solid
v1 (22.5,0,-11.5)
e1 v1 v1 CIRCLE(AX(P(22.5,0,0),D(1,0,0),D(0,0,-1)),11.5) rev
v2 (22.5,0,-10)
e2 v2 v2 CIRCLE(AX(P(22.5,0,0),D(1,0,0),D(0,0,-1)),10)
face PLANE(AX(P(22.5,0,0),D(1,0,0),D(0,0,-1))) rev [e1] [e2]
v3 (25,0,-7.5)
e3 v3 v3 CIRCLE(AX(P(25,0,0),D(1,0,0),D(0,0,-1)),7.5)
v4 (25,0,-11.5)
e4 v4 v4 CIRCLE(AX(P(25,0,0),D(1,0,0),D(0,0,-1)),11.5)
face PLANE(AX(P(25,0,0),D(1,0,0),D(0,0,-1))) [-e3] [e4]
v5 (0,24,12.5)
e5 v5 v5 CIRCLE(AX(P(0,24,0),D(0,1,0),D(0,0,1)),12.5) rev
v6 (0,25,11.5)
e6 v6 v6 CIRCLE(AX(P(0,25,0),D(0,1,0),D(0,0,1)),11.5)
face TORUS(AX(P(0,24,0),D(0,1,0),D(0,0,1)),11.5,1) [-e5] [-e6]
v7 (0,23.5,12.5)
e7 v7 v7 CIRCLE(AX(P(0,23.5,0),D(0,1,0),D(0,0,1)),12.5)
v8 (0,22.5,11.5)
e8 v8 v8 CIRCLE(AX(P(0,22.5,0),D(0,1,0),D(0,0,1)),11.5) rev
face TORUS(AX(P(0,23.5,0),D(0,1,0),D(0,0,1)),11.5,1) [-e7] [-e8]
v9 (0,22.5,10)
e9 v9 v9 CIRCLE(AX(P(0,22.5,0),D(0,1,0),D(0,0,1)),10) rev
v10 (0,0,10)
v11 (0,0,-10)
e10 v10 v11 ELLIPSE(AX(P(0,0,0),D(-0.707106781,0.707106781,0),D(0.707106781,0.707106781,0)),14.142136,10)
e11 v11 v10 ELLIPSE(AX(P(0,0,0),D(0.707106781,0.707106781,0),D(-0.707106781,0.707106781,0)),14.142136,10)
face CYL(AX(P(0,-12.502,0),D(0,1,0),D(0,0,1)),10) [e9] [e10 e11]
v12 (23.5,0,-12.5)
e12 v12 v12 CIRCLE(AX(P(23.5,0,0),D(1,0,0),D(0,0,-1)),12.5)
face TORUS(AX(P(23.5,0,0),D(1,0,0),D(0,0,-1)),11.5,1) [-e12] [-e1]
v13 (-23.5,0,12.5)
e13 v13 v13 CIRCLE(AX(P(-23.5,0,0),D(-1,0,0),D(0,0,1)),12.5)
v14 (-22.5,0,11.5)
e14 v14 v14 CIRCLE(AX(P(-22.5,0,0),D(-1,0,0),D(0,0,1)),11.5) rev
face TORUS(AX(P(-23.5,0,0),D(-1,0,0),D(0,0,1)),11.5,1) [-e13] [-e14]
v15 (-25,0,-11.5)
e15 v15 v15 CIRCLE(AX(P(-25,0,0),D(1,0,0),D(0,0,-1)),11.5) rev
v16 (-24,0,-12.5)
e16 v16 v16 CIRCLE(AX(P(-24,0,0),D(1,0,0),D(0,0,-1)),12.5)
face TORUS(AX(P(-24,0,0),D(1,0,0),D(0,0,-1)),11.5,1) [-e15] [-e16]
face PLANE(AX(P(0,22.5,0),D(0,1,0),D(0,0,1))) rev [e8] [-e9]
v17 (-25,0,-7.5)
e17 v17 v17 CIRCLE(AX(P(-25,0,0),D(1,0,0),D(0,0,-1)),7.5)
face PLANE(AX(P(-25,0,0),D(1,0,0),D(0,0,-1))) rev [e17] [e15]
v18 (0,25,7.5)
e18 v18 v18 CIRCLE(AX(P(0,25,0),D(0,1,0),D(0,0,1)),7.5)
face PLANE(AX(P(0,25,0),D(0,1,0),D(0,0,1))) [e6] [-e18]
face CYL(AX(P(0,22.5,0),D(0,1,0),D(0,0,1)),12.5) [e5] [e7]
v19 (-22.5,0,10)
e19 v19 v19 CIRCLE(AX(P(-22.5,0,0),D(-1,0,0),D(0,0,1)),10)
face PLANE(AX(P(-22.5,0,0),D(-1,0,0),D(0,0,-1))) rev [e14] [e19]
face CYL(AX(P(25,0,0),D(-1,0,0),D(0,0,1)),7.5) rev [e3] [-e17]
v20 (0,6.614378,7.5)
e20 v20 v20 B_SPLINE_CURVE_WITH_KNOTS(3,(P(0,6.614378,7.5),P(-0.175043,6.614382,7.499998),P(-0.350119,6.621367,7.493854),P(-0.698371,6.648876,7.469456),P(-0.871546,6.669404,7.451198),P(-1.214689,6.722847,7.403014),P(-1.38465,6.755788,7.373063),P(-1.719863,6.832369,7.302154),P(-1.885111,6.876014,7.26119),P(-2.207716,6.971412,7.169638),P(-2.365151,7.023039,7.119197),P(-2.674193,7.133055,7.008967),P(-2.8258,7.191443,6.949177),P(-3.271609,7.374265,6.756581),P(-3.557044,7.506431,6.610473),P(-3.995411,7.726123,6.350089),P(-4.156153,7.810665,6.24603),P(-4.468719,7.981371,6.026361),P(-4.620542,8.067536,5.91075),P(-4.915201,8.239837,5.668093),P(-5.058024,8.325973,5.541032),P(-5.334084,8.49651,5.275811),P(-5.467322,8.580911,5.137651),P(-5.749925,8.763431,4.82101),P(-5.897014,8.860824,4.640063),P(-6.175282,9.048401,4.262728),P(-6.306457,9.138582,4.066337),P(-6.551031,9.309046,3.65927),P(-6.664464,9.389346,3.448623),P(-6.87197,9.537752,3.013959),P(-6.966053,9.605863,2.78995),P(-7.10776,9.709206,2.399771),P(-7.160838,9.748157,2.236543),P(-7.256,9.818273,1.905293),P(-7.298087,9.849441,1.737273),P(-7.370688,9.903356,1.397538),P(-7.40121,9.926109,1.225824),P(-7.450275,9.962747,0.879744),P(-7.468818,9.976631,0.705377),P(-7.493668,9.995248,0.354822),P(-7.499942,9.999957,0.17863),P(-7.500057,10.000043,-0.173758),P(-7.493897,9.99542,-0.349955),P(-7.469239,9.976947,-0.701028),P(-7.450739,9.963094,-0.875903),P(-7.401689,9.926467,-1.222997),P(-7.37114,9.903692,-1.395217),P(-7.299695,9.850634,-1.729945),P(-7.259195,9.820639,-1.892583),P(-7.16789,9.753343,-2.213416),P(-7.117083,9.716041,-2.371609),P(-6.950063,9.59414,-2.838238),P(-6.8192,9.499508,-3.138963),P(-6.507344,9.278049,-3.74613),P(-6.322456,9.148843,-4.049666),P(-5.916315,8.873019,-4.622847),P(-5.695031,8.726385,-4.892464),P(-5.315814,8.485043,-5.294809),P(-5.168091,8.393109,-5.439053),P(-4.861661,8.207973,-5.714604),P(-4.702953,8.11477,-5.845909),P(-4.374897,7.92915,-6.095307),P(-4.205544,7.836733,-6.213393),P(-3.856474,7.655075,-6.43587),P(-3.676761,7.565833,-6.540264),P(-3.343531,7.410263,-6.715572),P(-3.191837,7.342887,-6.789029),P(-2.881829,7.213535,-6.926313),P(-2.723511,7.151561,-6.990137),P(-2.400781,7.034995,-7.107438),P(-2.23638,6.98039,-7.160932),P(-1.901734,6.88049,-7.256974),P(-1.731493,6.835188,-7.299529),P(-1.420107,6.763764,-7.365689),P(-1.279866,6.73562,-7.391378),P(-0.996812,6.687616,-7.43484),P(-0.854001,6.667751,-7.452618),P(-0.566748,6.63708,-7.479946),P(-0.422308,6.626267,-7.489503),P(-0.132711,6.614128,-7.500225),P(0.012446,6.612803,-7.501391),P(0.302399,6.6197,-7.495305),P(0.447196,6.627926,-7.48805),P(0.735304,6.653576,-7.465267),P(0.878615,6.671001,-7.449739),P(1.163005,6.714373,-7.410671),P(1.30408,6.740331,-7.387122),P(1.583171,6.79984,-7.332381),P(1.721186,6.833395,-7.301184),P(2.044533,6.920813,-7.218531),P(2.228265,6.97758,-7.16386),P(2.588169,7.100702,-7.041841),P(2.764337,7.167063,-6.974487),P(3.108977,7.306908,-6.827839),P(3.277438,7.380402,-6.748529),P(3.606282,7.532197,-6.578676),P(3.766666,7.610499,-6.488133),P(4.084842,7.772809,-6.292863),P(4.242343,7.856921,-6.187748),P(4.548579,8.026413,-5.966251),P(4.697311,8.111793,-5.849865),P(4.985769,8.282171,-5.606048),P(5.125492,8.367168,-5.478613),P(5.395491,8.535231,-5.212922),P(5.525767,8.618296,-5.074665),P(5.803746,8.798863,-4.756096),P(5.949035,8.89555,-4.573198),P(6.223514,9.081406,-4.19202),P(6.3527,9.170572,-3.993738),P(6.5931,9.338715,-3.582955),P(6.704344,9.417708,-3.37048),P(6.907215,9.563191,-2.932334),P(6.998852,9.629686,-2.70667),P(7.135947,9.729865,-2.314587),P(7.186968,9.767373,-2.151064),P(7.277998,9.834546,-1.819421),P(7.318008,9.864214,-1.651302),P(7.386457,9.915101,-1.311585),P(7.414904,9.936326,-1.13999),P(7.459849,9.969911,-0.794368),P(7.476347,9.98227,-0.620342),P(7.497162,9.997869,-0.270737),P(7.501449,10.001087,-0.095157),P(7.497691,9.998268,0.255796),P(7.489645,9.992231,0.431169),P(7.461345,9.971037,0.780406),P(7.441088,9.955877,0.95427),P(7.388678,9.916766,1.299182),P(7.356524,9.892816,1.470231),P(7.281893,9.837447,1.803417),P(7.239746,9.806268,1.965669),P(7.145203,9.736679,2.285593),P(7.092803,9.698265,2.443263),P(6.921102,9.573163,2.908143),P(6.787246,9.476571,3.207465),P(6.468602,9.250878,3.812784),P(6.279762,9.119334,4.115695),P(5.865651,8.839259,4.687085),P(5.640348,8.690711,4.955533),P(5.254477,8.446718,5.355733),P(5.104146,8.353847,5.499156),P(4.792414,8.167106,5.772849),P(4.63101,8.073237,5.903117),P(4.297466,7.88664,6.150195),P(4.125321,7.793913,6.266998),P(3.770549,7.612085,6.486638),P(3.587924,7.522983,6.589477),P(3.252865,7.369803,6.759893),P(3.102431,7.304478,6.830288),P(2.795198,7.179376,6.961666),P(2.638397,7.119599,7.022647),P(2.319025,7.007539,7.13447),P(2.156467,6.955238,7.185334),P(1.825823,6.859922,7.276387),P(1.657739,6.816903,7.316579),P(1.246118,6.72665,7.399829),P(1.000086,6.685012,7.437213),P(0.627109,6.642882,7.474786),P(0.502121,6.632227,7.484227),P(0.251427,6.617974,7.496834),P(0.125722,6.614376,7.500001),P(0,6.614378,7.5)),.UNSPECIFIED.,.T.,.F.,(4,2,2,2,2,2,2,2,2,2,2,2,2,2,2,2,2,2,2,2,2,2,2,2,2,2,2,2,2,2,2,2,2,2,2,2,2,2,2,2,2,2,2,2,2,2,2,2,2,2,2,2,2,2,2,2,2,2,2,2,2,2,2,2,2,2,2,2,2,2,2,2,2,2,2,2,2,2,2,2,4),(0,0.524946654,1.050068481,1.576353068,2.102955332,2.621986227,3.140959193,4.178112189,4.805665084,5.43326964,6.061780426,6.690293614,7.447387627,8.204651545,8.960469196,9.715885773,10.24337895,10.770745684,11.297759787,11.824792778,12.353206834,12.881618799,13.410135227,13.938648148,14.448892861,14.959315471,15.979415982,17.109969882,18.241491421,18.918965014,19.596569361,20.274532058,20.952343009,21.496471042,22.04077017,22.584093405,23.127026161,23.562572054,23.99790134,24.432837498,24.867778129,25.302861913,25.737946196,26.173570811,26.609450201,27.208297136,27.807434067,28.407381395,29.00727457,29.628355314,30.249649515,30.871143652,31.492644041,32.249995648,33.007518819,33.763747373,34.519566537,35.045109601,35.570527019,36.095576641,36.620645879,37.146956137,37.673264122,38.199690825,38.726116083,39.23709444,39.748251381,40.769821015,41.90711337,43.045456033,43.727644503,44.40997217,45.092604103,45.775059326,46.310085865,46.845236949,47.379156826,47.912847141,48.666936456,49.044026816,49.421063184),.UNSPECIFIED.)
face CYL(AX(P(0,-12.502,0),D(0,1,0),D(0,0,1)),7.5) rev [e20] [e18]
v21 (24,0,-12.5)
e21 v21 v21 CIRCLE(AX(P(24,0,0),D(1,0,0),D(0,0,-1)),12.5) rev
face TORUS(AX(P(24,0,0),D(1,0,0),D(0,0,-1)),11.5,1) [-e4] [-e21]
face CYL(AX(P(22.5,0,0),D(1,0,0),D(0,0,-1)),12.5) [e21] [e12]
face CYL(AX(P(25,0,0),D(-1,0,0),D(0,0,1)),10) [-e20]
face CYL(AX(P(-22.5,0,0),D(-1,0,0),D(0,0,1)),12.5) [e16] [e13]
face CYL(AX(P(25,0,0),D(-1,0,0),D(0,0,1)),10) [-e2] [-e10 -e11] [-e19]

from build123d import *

# Parameters (mm, degrees)
SKETCH1_R                = 10
SKETCH1_R_2              = 7.5
BOSS_EXTRUDE1_DEPTH      = 25
SKETCH2_R                = 12.5
BOSS_EXTRUDE2_DEPTH      = 2.5
BOSS_EXTRUDE3_REACH      = 48.771
BOSS_EXTRUDE3_END_RADIUS = 10
SKETCH3_R                = 10
SKETCH3_R_2              = 7.5
SKETCH5_R                = 12.5
SKETCH5_R_2              = 7.5
BOSS_EXTRUDE4_DEPTH      = 2.5
HOLE1_D                  = 15
FILLET1_R                = 1


with BuildPart() as part:
    # Sketch1 → Boss-Extrude1 (new, symmetric)
    with BuildSketch(Plane(origin=(0, 0, 0), x_dir=(0, 0, -1), z_dir=(1, 0, 0))):
        Circle(SKETCH1_R)
        Circle(SKETCH1_R_2, mode=Mode.SUBTRACT)
    extrude(amount=BOSS_EXTRUDE1_DEPTH, both=True)

    # Sketch2 → Boss-Extrude2 (add)
    with BuildSketch(Plane(origin=(25, 0, 0), x_dir=(0, 0, -1), z_dir=(1, 0, 0))):
        Circle(SKETCH2_R)
    boss_extrude2 = extrude(amount=-BOSS_EXTRUDE2_DEPTH)

    # Mirror1: Boss-Extrude2 across plane
    add(boss_extrude2.mirror(Plane(origin=(0, 0, 0), x_dir=(0, 0, 1), z_dir=(1, 0, 0))))

    # Boss-Extrude3: up to this cylinder (the profile starts outside it)
    boss_extrude3_end = Plane(origin=(0, 0, 0), z_dir=(-1, 0, 0)) * Cylinder(BOSS_EXTRUDE3_END_RADIUS, 118.542, mode=Mode.PRIVATE)
    # Sketch3 → Boss-Extrude3 (add, up to the surface)
    with BuildSketch(Plane(origin=(0, 25, 0), x_dir=(1, 0, 0), z_dir=(0, 1, 0)), mode=Mode.PRIVATE) as boss_extrude3_sk1:
        with Locations(Location((0, 0, 0), (0, 0, 270))):
            Circle(SKETCH3_R)
        with Locations(Location((0, 0, 0), (0, 0, 270))):
            Circle(SKETCH3_R_2, mode=Mode.SUBTRACT)
    boss_extrude3_tool1 = extrude(boss_extrude3_sk1.sketch, amount=-BOSS_EXTRUDE3_REACH, mode=Mode.PRIVATE) - boss_extrude3_end
    add(boss_extrude3_tool1.solids().sort_by_distance((0, 25, -9.717157))[0])

    # Sketch5 → Boss-Extrude4 (add)
    with BuildSketch(Plane(origin=(0, 25, 0), x_dir=(1, 0, 0), z_dir=(0, 1, 0))):
        with Locations(Location((0, 0, 0), (0, 0, 270))):
            Circle(SKETCH5_R)
        with Locations(Location((0, 0, 0), (0, 0, 270))):
            Circle(SKETCH5_R_2, mode=Mode.SUBTRACT)
    extrude(amount=-BOSS_EXTRUDE4_DEPTH)

    # Hole1 (through all)
    with Locations(Plane(origin=(25, 0, 0), x_dir=(0, 0, -1), z_dir=(1, 0, 0))):
        with Locations((0, 0)):
            Hole(HOLE1_D / 2)

    # Fillet1
    fillet1_edges = [part.edges().sort_by_distance(p)[0] for p in [
        (22.5, 0, 12.5),
        (25, 0, 12.5),
        (-25, 0, 12.5),
        (-22.5, 0, 12.5),
        (0, 22.5, -12.5),
        (0, 25, -12.5),
    ]]
    fillet(fillet1_edges, radius=FILLET1_R)


solid = part.part
